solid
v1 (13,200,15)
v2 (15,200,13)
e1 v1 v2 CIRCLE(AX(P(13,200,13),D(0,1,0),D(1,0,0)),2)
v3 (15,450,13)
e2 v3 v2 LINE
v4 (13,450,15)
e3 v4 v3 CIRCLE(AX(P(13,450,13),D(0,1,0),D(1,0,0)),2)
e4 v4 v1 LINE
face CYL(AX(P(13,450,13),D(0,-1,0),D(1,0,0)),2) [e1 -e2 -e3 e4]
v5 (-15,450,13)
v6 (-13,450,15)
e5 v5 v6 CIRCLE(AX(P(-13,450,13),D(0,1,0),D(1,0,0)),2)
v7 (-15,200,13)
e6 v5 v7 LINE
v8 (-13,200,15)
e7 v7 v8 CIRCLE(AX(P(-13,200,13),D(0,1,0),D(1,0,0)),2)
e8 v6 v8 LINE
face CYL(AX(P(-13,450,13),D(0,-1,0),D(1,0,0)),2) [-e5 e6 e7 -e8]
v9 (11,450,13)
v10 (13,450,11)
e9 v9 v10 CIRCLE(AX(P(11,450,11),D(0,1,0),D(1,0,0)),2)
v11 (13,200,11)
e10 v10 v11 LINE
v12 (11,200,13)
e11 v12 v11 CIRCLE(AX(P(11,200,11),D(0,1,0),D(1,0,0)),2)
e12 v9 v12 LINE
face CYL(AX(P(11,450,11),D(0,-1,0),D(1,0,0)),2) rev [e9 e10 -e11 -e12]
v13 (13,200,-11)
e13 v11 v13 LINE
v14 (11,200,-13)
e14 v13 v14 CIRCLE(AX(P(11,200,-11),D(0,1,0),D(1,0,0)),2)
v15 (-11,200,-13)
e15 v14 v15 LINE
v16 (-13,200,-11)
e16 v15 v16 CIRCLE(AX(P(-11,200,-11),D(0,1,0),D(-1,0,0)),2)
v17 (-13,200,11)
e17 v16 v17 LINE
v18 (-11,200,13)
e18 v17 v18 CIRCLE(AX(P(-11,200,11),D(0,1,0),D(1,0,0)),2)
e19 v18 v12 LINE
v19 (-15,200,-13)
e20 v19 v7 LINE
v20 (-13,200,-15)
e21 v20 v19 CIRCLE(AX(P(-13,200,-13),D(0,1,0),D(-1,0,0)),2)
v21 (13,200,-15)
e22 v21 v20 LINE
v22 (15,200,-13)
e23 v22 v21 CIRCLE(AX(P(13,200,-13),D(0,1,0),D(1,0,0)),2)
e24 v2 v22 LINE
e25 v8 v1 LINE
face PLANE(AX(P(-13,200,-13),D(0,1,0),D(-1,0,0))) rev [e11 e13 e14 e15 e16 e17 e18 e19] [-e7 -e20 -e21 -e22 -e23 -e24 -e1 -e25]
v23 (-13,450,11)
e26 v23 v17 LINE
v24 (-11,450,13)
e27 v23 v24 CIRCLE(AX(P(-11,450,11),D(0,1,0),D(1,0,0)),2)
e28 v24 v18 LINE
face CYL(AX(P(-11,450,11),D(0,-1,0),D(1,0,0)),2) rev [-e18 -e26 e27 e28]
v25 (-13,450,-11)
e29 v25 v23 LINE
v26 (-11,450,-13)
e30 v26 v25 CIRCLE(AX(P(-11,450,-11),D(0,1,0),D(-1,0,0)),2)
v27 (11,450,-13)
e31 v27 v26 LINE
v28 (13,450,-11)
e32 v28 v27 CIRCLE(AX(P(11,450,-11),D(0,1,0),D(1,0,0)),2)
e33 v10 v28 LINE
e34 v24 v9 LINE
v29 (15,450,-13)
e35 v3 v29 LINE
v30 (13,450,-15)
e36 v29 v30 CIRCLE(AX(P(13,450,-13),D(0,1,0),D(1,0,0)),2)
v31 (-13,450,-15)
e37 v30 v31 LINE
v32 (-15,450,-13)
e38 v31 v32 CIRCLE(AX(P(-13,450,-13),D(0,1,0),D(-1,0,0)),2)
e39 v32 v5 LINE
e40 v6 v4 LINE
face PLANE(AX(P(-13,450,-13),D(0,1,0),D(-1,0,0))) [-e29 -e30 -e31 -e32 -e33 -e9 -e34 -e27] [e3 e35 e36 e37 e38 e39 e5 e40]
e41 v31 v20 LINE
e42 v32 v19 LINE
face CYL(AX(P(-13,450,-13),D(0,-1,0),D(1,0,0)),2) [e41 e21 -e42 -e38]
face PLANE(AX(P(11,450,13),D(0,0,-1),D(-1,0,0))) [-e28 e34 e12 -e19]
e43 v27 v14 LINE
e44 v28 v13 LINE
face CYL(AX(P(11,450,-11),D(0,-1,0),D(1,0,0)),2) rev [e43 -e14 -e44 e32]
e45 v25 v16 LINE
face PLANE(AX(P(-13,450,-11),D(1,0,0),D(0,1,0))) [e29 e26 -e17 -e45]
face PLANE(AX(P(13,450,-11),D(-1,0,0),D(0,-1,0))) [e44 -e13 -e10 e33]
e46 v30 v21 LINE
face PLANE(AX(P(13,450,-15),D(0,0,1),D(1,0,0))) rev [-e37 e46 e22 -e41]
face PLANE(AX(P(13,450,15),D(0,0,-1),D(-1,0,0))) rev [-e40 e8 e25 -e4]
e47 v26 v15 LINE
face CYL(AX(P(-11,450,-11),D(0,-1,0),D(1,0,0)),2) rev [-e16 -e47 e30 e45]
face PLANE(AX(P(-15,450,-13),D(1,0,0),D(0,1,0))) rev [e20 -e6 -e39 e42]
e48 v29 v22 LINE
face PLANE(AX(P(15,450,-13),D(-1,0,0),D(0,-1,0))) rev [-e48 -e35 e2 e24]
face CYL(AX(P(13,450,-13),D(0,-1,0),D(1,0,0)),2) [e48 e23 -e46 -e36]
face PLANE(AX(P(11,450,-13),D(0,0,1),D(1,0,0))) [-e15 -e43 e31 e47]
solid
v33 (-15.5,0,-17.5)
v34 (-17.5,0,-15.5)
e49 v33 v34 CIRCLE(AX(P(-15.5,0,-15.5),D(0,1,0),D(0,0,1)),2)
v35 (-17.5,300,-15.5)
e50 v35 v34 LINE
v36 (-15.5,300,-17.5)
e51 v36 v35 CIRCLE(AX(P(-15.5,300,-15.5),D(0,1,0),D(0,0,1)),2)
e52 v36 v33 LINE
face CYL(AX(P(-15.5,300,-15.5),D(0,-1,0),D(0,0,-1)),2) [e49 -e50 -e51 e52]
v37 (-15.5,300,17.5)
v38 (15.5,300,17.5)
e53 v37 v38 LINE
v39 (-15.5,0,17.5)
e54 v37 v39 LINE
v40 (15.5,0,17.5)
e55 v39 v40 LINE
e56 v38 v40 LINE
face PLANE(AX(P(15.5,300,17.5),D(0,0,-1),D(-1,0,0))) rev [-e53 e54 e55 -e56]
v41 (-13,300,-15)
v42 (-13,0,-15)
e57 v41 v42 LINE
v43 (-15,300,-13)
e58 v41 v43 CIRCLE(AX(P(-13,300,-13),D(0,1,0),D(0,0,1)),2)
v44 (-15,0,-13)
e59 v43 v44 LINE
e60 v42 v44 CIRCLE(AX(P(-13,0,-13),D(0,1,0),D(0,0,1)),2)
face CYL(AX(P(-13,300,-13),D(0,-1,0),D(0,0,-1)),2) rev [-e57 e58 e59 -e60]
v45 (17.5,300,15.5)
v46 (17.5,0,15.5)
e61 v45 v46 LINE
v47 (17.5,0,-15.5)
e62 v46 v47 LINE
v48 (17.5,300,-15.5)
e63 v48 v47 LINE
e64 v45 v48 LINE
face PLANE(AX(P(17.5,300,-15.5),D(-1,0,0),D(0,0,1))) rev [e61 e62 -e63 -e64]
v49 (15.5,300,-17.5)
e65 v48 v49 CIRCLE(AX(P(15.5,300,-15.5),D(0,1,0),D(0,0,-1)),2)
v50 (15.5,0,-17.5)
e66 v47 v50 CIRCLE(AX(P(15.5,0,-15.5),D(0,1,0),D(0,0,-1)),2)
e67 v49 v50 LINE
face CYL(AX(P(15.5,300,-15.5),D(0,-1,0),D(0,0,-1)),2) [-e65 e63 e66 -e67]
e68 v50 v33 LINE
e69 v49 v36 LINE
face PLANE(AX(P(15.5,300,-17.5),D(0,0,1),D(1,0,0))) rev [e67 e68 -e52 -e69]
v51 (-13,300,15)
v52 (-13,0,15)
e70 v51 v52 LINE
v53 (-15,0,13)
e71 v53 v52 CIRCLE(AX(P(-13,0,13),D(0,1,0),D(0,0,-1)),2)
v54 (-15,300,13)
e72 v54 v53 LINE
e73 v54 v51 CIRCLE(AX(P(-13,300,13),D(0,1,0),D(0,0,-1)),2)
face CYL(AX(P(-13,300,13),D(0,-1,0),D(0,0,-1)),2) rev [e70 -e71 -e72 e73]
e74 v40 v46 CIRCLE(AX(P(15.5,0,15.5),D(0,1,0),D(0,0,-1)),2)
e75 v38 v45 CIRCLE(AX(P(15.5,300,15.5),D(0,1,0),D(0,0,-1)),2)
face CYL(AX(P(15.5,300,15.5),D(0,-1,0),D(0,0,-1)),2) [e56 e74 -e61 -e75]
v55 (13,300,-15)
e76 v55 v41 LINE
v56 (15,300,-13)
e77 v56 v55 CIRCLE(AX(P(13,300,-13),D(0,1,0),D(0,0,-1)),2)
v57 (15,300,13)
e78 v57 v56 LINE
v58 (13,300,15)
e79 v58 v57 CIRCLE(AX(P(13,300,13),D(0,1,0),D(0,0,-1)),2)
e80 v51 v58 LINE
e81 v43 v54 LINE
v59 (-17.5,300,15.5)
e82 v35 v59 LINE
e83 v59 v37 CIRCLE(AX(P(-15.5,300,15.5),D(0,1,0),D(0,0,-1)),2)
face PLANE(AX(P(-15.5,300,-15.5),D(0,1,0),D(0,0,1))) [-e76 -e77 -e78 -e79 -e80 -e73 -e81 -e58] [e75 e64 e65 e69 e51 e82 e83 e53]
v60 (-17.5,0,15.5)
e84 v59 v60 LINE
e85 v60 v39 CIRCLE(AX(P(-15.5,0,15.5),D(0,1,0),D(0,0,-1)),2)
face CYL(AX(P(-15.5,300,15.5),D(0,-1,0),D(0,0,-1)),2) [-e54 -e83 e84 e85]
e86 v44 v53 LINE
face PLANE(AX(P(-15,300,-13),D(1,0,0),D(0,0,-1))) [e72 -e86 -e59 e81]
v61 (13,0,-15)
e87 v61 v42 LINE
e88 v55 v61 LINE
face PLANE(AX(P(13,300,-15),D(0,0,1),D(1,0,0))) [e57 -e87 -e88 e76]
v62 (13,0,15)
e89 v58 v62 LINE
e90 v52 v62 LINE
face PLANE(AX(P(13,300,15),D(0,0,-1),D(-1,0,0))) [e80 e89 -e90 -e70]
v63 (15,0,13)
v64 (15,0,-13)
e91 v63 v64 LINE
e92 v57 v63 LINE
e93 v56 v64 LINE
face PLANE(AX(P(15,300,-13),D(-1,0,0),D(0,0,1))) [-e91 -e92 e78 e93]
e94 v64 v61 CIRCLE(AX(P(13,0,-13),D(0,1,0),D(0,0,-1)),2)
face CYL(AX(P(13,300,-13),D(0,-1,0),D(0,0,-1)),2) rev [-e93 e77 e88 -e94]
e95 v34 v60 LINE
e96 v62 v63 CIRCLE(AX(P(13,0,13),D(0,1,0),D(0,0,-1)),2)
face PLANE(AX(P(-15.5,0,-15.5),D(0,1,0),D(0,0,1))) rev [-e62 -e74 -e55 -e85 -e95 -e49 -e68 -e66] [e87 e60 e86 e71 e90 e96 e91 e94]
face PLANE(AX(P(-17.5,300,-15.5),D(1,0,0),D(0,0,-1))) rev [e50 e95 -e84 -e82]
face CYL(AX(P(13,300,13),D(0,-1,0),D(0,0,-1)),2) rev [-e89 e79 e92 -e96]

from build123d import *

# Parameters (mm, degrees)
CUSTOM_TUBE_CARRE_35_2_5_1_DEPTH = 300
CUSTOM_TUBE_CARRE_30_2_1_DEPTH   = 250


with BuildPart() as part:
    # Esquisse11 → Custom TUBE-CARRE-35-2.5(1) (new body)
    with BuildSketch(Plane(origin=(0, 0, 0), x_dir=(-1, 0, 0), z_dir=(0, 1, 0))):
        with BuildLine():
            Line((-15.5, -17.5), (15.5, -17.5))
            ThreePointArc((15.5, -17.5), (16.914213562, -16.914213562), (17.5, -15.5))
            Line((17.5, -15.5), (17.5, 15.5))
            ThreePointArc((17.5, 15.5), (16.914213562, 16.914213562), (15.5, 17.5))
            Line((15.5, 17.5), (-15.5, 17.5))
            ThreePointArc((-15.5, 17.5), (-16.914213562, 16.914213562), (-17.5, 15.5))
            Line((-17.5, 15.5), (-17.5, -15.5))
            ThreePointArc((-17.5, -15.5), (-16.914213562, -16.914213562), (-15.5, -17.5))
        make_face()
        with BuildLine():
            Line((-13, -15), (13, -15))
            ThreePointArc((13, -15), (14.414213562, -14.414213562), (15, -13))
            Line((15, -13), (15, 13))
            ThreePointArc((15, 13), (14.414213562, 14.414213562), (13, 15))
            Line((13, 15), (-13, 15))
            ThreePointArc((-13, 15), (-14.414213562, 14.414213562), (-15, 13))
            Line((-15, 13), (-15, -13))
            ThreePointArc((-15, -13), (-14.414213562, -14.414213562), (-13, -15))
        make_face(mode=Mode.SUBTRACT)
    extrude(amount=CUSTOM_TUBE_CARRE_35_2_5_1_DEPTH)


with BuildPart() as body_2:
    # Esquisse12 → Custom TUBE-CARRE-30-2(1) (new body)
    with BuildSketch(Plane(origin=(0, 200, 0), x_dir=(-1, 0, 0), z_dir=(0, 1, 0))):
        with BuildLine():
            Line((-13, -15), (13, -15))
            ThreePointArc((13, -15), (14.414213562, -14.414213562), (15, -13))
            Line((15, -13), (15, 13))
            ThreePointArc((15, 13), (14.414213562, 14.414213562), (13, 15))
            Line((13, 15), (-13, 15))
            ThreePointArc((-13, 15), (-14.414213562, 14.414213562), (-15, 13))
            Line((-15, 13), (-15, -13))
            ThreePointArc((-15, -13), (-14.414213562, -14.414213562), (-13, -15))
        make_face()
        with BuildLine():
            Line((-11, -13), (11, -13))
            ThreePointArc((11, -13), (12.414213562, -12.414213562), (13, -11))
            Line((13, -11), (13, 11))
            ThreePointArc((13, 11), (12.414213562, 12.414213562), (11, 13))
            Line((11, 13), (-11, 13))
            ThreePointArc((-11, 13), (-12.414213562, 12.414213562), (-13, 11))
            Line((-13, 11), (-13, -11))
            ThreePointArc((-13, -11), (-12.414213562, -12.414213562), (-11, -13))
        make_face(mode=Mode.SUBTRACT)
    extrude(amount=CUSTOM_TUBE_CARRE_30_2_1_DEPTH)


solid = Compound([part.part, body_2.part])
